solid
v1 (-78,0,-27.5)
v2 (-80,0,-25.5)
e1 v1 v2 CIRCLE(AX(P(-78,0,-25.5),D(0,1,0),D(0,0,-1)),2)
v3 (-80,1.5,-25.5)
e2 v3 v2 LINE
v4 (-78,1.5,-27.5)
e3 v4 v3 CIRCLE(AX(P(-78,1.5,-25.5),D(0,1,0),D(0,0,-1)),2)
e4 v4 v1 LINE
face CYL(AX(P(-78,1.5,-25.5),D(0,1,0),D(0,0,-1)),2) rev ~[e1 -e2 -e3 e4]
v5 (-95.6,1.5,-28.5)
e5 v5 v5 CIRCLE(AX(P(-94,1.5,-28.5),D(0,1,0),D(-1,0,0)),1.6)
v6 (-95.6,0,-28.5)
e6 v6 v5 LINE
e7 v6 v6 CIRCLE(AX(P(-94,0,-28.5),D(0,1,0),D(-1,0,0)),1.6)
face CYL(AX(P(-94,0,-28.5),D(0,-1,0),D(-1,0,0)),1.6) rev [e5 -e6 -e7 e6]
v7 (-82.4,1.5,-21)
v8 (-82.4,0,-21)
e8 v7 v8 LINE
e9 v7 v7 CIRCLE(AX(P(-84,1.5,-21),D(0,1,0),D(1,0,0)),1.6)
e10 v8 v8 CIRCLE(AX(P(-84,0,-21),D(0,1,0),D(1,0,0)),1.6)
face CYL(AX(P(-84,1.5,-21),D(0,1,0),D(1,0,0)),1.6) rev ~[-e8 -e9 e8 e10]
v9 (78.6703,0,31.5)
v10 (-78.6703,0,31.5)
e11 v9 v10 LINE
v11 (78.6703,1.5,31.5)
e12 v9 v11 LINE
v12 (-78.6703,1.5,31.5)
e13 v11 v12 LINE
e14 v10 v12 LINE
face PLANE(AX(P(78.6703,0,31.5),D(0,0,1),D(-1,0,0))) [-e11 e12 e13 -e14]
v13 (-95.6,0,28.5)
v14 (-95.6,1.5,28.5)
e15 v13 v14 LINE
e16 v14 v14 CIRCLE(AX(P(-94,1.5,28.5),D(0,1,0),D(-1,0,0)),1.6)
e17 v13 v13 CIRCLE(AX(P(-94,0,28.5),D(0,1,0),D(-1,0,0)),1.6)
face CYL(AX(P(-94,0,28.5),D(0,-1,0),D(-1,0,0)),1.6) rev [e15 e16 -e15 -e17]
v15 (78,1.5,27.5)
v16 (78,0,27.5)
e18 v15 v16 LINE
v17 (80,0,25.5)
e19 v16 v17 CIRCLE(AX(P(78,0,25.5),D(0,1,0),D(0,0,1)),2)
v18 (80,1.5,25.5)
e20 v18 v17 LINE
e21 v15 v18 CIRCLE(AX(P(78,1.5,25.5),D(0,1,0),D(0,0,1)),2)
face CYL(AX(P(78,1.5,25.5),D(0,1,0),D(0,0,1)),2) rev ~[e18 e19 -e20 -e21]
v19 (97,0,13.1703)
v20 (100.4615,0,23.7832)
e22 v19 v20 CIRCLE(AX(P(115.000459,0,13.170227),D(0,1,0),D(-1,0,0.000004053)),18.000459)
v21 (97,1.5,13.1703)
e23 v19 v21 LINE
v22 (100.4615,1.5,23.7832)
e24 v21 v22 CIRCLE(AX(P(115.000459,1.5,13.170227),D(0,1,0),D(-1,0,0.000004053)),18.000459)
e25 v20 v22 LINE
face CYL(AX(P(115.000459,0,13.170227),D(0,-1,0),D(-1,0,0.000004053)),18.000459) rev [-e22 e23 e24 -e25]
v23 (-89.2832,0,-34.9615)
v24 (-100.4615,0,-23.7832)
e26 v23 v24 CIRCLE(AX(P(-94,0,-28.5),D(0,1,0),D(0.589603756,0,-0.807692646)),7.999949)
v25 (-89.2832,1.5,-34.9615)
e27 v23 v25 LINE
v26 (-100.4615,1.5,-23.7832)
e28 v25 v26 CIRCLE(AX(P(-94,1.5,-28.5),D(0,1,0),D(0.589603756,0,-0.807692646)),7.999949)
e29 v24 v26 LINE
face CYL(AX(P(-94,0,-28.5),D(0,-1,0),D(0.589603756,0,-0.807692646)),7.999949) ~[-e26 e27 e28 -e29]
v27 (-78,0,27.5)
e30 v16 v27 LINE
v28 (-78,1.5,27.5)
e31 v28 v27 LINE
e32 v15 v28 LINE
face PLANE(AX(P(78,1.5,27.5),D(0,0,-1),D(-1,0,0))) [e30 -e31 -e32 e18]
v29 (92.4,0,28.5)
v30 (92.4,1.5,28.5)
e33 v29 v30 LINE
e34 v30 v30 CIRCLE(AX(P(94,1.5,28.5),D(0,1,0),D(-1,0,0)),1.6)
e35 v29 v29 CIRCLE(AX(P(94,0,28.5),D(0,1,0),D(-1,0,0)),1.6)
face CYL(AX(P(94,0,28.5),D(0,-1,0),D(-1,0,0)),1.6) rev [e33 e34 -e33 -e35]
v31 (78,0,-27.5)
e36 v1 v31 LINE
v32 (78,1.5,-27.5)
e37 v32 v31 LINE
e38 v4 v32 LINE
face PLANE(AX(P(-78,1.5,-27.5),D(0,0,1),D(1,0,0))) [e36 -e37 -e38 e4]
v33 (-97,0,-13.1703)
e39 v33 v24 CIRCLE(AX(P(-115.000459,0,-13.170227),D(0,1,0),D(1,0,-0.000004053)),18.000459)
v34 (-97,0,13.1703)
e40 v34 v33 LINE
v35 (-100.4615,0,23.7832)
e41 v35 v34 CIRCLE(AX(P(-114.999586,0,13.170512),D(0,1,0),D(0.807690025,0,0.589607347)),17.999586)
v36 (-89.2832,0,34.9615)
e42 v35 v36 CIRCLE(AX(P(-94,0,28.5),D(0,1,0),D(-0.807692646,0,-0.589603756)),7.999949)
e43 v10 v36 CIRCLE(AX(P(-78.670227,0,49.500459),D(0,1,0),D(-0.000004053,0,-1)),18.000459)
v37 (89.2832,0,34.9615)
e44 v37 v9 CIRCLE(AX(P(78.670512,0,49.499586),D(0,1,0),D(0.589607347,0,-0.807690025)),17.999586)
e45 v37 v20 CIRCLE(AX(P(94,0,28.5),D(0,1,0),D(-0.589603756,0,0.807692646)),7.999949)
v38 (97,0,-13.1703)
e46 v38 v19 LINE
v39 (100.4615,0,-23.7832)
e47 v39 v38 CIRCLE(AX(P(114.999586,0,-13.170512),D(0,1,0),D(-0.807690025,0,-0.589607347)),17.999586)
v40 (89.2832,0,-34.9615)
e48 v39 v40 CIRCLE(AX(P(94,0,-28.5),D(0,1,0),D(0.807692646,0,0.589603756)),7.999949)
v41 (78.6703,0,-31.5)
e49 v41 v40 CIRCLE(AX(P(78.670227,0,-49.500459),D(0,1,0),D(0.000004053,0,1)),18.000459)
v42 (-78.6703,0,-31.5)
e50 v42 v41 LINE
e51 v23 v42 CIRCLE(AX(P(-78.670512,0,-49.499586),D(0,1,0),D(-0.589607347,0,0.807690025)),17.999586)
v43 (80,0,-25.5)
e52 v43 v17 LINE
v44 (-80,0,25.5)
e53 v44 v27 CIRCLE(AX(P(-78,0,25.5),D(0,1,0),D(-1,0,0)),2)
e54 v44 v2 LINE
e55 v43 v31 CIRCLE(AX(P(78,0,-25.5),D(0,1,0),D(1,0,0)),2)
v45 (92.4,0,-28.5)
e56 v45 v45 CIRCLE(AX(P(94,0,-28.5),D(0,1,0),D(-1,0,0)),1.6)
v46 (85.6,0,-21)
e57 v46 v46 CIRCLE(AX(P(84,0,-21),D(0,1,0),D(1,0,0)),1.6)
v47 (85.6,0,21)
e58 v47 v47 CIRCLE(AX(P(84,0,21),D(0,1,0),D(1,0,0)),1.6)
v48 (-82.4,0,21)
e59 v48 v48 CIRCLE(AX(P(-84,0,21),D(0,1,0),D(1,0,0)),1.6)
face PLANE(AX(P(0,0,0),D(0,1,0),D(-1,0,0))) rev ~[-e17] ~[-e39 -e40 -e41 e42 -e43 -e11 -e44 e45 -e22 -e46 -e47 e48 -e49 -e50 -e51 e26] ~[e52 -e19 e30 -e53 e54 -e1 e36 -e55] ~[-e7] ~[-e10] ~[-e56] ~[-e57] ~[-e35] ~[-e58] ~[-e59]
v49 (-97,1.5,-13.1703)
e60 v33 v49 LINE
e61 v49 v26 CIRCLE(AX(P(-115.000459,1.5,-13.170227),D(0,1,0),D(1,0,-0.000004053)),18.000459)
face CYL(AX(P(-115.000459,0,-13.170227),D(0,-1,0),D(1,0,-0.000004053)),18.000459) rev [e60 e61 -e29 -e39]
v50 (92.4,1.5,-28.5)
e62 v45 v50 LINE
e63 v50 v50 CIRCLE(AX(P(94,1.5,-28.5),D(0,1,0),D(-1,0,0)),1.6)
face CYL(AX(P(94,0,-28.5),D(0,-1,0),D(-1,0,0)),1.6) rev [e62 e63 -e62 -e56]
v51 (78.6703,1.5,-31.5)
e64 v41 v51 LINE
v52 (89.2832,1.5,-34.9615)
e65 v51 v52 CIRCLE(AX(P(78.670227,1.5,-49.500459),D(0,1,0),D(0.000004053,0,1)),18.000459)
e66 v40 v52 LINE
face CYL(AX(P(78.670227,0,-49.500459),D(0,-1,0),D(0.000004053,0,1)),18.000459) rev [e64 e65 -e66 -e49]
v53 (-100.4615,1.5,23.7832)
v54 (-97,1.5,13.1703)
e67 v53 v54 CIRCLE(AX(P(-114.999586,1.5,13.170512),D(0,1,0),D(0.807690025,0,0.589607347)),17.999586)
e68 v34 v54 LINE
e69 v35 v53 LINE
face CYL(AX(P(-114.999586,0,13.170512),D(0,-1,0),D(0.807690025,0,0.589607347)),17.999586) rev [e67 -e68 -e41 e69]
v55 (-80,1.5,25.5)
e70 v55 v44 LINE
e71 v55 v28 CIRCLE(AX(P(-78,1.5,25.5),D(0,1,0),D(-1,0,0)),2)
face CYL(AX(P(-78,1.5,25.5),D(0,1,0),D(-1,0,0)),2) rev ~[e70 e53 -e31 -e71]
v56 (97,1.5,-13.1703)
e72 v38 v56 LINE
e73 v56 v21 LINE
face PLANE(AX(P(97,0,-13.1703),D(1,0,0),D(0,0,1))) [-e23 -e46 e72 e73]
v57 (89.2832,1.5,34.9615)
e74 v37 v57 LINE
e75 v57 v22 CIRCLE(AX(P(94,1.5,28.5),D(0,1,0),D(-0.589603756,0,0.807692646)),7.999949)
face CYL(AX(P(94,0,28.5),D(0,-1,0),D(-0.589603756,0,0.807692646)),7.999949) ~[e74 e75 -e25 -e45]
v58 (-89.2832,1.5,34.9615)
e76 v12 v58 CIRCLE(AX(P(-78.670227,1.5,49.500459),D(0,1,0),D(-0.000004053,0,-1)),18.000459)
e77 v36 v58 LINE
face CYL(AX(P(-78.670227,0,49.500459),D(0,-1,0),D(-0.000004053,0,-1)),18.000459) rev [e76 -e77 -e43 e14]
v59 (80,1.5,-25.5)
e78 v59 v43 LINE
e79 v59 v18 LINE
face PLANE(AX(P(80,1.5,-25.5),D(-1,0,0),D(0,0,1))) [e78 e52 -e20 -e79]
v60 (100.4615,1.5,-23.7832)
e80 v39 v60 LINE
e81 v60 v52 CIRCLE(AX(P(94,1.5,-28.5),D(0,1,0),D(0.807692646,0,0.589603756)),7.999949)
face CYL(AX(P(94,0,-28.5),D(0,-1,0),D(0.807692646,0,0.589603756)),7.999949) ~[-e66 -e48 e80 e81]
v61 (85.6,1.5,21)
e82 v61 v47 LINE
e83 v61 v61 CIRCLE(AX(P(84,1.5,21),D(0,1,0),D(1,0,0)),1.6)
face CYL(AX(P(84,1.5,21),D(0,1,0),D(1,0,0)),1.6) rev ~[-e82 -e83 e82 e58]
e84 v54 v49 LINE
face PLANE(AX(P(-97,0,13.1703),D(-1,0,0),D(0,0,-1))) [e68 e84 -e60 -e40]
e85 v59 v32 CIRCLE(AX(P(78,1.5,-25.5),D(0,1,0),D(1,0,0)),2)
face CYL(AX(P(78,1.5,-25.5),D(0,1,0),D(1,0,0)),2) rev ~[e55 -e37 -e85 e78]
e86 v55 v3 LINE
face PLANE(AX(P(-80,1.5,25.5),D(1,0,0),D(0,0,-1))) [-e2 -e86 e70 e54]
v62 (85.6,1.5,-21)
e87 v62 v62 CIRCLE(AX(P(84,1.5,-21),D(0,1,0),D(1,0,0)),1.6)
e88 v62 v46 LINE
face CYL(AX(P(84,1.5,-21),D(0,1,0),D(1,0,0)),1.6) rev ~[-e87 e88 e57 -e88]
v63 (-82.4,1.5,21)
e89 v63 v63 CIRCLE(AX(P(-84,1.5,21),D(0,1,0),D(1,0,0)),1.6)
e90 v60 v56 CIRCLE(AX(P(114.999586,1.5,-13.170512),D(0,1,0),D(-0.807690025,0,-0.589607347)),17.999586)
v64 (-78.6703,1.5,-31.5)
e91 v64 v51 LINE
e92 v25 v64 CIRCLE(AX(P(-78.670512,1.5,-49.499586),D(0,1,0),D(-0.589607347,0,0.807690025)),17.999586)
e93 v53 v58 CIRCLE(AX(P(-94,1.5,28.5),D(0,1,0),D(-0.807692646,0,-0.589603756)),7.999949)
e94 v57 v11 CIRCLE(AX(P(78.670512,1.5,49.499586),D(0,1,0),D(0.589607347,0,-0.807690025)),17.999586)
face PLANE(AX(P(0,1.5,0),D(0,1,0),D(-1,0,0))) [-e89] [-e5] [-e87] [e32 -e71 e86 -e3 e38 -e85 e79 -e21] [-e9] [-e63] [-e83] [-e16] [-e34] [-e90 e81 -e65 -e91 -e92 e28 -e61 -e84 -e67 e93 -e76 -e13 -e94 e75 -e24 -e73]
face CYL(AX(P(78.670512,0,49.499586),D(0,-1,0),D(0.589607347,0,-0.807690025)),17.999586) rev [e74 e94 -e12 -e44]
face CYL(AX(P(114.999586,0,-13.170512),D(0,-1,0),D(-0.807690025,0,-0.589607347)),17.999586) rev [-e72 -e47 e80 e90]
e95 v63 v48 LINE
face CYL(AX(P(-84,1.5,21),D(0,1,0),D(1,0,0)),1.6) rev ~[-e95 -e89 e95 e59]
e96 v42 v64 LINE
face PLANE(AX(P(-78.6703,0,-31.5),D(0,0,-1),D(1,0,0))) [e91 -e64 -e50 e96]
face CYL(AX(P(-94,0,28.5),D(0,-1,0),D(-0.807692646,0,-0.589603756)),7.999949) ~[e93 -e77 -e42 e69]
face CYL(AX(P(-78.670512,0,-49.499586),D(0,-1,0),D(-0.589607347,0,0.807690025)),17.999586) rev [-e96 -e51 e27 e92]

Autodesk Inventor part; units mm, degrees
ref_plane "YZ Plane" through (0, 0, 0) normal (1, 0, 0) x (0, 1, 0)
ref_plane "XZ Plane" through (0, 0, 0) normal (0, 1, 0) x (-1, 0, 0)
ref_plane "XY Plane" through (0, 0, 0) normal (0, 0, 1) x (1, 0, 0)
sketch "Sketch2" plane through (0, 0, 0) normal (0, 1, 0) x (-1, 0, 0)
  line L0 (-94, 28.5) -> (94, 28.5) construction
  line L1 (94, 28.5) -> (94, -28.5) construction
  line L2 (94, -28.5) -> (-94, -28.5) construction
  line L3 (-94, -28.5) -> (-94, 28.5) construction
  line L4 (-94, 28.5) -> (94, -28.5) construction
  line L5 (94, 28.5) -> (-94, -28.5) construction
  line L6 (78.6703, -31.5) -> (-78.6703, -31.5)
  line L7 (-97, -13.1703) -> (-97, 13.1703)
  line L8 (-78.6703, 31.5) -> (78.6703, 31.5)
  line L9 (97, 13.1703) -> (97, -13.1703)
  arc A0 (89.2832, -34.9615) -> (100.4615, -23.7832) centre (94, -28.5) ccw
  arc A1 (100.4615, 23.7832) -> (89.2832, 34.9615) centre (94, 28.5) ccw
  arc A2 (-89.2832, 34.9615) -> (-100.4615, 23.7832) centre (-94, 28.5) ccw
  arc A3 (-100.4615, -23.7832) -> (-89.2832, -34.9615) centre (-94, -28.5) ccw
  arc A4 (89.2832, -34.9615) -> (78.6703, -31.5) centre (78.6703, -49.5) ccw
  arc A5 (97, -13.1703) -> (100.4615, -23.7832) centre (115, -13.1703) ccw
  arc A6 (100.4615, 23.7832) -> (97, 13.1703) centre (115, 13.1703) ccw
  arc A7 (78.6703, 31.5) -> (89.2832, 34.9615) centre (78.6703, 49.5) ccw
  arc A8 (-89.2832, 34.9615) -> (-78.6703, 31.5) centre (-78.6703, 49.5) ccw
  arc A9 (-97, 13.1703) -> (-100.4615, 23.7832) centre (-115, 13.1703) ccw
  arc A10 (-100.4615, -23.7832) -> (-97, -13.1703) centre (-115, -13.1703) ccw
  arc A11 (-78.6703, -31.5) -> (-89.2832, -34.9615) centre (-78.6703, -49.5) ccw
  circle A12 centre (94, -28.5) radius 1.6
  circle A13 centre (94, 28.5) radius 1.6
  circle A14 centre (-94, -28.5) radius 1.6
  circle A15 centre (-94, 28.5) radius 1.6
  circle A16 centre (94, -28.5) radius 3 construction
  circle A17 centre (94, 28.5) radius 3 construction
  circle A18 centre (-94, 28.5) radius 3 construction
  circle A19 centre (-94, -28.5) radius 3 construction
  point P0 (0, 0)
  point P1 (86.5838, -31.5)
  point P2 (-86.5838, -31.5)
  point P3 (-97, -21.0838)
  point P4 (-97, 21.0838)
  point P5 (-86.5838, 31.5)
  point P6 (86.5838, 31.5)
  point P7 (97, 21.0838)
  point P8 (97, -21.0838)
  dimension "d6" = 3
  dimension "d7" = 3
  dimension "d8" = 3
  dimension "d9" = 3
  dimension "d10" = 8
  dimension "d11" = 18
  dimension "d14" = 3.2
  dimension "d15" = 63
  dimension "d16" = 194
  dimension "d17" = 6
extrude "Extrusion1" add sketch "Sketch2" along normal blind 1.5
sketch "Sketch3" plane through (0, 1.5, 0) normal (0, 1, 0) x (1, 0, 0)
  line L0 (84, -21) -> (-84, -21) construction
  line L1 (-84, -21) -> (-84, 21) construction
  line L2 (-84, 21) -> (84, 21) construction
  line L3 (84, 21) -> (84, -21) construction
  line L4 (84, -21) -> (-84, 21) construction
  line L5 (-84, -21) -> (84, 21) construction
  circle A0 centre (-84, 21) radius 1.6
  circle A1 centre (-84, -21) radius 1.6
  circle A2 centre (84, -21) radius 1.6
  circle A3 centre (84, 21) radius 1.6
  line L6 (-78, 27.5) -> (78, 27.5)
  line L7 (80, 25.5) -> (80, -25.5)
  line L8 (78, -27.5) -> (-78, -27.5)
  line L9 (-80, -25.5) -> (-80, 25.5)
  arc A4 (-78, 27.5) -> (-80, 25.5) centre (-78, 25.5) ccw
  arc A5 (-80, -25.5) -> (-78, -27.5) centre (-78, -25.5) ccw
  arc A6 (78, -27.5) -> (80, -25.5) centre (78, -25.5) ccw
  arc A7 (80, 25.5) -> (78, 27.5) centre (78, 25.5) ccw
  point P0 (0, 0)
  point P1 (-80, 0)
  point P2 (0, 0)
  point P3 (0, 27.5)
  point P4 (0, 0)
  dimension "d18" = 168
  dimension "d19" = 42
  dimension "d20" = 3.2
  dimension "d23" = 2
  dimension "d24" = 160
  dimension "d25" = 55
extrude "Extrusion2" cut sketch "Sketch3" against normal through all
equation "\"d7\" = d6"
equation "\"d8\" = d6"
equation "\"d9\" = d8"
equation "\"d21\" = d20"
properties part number "Base2"
